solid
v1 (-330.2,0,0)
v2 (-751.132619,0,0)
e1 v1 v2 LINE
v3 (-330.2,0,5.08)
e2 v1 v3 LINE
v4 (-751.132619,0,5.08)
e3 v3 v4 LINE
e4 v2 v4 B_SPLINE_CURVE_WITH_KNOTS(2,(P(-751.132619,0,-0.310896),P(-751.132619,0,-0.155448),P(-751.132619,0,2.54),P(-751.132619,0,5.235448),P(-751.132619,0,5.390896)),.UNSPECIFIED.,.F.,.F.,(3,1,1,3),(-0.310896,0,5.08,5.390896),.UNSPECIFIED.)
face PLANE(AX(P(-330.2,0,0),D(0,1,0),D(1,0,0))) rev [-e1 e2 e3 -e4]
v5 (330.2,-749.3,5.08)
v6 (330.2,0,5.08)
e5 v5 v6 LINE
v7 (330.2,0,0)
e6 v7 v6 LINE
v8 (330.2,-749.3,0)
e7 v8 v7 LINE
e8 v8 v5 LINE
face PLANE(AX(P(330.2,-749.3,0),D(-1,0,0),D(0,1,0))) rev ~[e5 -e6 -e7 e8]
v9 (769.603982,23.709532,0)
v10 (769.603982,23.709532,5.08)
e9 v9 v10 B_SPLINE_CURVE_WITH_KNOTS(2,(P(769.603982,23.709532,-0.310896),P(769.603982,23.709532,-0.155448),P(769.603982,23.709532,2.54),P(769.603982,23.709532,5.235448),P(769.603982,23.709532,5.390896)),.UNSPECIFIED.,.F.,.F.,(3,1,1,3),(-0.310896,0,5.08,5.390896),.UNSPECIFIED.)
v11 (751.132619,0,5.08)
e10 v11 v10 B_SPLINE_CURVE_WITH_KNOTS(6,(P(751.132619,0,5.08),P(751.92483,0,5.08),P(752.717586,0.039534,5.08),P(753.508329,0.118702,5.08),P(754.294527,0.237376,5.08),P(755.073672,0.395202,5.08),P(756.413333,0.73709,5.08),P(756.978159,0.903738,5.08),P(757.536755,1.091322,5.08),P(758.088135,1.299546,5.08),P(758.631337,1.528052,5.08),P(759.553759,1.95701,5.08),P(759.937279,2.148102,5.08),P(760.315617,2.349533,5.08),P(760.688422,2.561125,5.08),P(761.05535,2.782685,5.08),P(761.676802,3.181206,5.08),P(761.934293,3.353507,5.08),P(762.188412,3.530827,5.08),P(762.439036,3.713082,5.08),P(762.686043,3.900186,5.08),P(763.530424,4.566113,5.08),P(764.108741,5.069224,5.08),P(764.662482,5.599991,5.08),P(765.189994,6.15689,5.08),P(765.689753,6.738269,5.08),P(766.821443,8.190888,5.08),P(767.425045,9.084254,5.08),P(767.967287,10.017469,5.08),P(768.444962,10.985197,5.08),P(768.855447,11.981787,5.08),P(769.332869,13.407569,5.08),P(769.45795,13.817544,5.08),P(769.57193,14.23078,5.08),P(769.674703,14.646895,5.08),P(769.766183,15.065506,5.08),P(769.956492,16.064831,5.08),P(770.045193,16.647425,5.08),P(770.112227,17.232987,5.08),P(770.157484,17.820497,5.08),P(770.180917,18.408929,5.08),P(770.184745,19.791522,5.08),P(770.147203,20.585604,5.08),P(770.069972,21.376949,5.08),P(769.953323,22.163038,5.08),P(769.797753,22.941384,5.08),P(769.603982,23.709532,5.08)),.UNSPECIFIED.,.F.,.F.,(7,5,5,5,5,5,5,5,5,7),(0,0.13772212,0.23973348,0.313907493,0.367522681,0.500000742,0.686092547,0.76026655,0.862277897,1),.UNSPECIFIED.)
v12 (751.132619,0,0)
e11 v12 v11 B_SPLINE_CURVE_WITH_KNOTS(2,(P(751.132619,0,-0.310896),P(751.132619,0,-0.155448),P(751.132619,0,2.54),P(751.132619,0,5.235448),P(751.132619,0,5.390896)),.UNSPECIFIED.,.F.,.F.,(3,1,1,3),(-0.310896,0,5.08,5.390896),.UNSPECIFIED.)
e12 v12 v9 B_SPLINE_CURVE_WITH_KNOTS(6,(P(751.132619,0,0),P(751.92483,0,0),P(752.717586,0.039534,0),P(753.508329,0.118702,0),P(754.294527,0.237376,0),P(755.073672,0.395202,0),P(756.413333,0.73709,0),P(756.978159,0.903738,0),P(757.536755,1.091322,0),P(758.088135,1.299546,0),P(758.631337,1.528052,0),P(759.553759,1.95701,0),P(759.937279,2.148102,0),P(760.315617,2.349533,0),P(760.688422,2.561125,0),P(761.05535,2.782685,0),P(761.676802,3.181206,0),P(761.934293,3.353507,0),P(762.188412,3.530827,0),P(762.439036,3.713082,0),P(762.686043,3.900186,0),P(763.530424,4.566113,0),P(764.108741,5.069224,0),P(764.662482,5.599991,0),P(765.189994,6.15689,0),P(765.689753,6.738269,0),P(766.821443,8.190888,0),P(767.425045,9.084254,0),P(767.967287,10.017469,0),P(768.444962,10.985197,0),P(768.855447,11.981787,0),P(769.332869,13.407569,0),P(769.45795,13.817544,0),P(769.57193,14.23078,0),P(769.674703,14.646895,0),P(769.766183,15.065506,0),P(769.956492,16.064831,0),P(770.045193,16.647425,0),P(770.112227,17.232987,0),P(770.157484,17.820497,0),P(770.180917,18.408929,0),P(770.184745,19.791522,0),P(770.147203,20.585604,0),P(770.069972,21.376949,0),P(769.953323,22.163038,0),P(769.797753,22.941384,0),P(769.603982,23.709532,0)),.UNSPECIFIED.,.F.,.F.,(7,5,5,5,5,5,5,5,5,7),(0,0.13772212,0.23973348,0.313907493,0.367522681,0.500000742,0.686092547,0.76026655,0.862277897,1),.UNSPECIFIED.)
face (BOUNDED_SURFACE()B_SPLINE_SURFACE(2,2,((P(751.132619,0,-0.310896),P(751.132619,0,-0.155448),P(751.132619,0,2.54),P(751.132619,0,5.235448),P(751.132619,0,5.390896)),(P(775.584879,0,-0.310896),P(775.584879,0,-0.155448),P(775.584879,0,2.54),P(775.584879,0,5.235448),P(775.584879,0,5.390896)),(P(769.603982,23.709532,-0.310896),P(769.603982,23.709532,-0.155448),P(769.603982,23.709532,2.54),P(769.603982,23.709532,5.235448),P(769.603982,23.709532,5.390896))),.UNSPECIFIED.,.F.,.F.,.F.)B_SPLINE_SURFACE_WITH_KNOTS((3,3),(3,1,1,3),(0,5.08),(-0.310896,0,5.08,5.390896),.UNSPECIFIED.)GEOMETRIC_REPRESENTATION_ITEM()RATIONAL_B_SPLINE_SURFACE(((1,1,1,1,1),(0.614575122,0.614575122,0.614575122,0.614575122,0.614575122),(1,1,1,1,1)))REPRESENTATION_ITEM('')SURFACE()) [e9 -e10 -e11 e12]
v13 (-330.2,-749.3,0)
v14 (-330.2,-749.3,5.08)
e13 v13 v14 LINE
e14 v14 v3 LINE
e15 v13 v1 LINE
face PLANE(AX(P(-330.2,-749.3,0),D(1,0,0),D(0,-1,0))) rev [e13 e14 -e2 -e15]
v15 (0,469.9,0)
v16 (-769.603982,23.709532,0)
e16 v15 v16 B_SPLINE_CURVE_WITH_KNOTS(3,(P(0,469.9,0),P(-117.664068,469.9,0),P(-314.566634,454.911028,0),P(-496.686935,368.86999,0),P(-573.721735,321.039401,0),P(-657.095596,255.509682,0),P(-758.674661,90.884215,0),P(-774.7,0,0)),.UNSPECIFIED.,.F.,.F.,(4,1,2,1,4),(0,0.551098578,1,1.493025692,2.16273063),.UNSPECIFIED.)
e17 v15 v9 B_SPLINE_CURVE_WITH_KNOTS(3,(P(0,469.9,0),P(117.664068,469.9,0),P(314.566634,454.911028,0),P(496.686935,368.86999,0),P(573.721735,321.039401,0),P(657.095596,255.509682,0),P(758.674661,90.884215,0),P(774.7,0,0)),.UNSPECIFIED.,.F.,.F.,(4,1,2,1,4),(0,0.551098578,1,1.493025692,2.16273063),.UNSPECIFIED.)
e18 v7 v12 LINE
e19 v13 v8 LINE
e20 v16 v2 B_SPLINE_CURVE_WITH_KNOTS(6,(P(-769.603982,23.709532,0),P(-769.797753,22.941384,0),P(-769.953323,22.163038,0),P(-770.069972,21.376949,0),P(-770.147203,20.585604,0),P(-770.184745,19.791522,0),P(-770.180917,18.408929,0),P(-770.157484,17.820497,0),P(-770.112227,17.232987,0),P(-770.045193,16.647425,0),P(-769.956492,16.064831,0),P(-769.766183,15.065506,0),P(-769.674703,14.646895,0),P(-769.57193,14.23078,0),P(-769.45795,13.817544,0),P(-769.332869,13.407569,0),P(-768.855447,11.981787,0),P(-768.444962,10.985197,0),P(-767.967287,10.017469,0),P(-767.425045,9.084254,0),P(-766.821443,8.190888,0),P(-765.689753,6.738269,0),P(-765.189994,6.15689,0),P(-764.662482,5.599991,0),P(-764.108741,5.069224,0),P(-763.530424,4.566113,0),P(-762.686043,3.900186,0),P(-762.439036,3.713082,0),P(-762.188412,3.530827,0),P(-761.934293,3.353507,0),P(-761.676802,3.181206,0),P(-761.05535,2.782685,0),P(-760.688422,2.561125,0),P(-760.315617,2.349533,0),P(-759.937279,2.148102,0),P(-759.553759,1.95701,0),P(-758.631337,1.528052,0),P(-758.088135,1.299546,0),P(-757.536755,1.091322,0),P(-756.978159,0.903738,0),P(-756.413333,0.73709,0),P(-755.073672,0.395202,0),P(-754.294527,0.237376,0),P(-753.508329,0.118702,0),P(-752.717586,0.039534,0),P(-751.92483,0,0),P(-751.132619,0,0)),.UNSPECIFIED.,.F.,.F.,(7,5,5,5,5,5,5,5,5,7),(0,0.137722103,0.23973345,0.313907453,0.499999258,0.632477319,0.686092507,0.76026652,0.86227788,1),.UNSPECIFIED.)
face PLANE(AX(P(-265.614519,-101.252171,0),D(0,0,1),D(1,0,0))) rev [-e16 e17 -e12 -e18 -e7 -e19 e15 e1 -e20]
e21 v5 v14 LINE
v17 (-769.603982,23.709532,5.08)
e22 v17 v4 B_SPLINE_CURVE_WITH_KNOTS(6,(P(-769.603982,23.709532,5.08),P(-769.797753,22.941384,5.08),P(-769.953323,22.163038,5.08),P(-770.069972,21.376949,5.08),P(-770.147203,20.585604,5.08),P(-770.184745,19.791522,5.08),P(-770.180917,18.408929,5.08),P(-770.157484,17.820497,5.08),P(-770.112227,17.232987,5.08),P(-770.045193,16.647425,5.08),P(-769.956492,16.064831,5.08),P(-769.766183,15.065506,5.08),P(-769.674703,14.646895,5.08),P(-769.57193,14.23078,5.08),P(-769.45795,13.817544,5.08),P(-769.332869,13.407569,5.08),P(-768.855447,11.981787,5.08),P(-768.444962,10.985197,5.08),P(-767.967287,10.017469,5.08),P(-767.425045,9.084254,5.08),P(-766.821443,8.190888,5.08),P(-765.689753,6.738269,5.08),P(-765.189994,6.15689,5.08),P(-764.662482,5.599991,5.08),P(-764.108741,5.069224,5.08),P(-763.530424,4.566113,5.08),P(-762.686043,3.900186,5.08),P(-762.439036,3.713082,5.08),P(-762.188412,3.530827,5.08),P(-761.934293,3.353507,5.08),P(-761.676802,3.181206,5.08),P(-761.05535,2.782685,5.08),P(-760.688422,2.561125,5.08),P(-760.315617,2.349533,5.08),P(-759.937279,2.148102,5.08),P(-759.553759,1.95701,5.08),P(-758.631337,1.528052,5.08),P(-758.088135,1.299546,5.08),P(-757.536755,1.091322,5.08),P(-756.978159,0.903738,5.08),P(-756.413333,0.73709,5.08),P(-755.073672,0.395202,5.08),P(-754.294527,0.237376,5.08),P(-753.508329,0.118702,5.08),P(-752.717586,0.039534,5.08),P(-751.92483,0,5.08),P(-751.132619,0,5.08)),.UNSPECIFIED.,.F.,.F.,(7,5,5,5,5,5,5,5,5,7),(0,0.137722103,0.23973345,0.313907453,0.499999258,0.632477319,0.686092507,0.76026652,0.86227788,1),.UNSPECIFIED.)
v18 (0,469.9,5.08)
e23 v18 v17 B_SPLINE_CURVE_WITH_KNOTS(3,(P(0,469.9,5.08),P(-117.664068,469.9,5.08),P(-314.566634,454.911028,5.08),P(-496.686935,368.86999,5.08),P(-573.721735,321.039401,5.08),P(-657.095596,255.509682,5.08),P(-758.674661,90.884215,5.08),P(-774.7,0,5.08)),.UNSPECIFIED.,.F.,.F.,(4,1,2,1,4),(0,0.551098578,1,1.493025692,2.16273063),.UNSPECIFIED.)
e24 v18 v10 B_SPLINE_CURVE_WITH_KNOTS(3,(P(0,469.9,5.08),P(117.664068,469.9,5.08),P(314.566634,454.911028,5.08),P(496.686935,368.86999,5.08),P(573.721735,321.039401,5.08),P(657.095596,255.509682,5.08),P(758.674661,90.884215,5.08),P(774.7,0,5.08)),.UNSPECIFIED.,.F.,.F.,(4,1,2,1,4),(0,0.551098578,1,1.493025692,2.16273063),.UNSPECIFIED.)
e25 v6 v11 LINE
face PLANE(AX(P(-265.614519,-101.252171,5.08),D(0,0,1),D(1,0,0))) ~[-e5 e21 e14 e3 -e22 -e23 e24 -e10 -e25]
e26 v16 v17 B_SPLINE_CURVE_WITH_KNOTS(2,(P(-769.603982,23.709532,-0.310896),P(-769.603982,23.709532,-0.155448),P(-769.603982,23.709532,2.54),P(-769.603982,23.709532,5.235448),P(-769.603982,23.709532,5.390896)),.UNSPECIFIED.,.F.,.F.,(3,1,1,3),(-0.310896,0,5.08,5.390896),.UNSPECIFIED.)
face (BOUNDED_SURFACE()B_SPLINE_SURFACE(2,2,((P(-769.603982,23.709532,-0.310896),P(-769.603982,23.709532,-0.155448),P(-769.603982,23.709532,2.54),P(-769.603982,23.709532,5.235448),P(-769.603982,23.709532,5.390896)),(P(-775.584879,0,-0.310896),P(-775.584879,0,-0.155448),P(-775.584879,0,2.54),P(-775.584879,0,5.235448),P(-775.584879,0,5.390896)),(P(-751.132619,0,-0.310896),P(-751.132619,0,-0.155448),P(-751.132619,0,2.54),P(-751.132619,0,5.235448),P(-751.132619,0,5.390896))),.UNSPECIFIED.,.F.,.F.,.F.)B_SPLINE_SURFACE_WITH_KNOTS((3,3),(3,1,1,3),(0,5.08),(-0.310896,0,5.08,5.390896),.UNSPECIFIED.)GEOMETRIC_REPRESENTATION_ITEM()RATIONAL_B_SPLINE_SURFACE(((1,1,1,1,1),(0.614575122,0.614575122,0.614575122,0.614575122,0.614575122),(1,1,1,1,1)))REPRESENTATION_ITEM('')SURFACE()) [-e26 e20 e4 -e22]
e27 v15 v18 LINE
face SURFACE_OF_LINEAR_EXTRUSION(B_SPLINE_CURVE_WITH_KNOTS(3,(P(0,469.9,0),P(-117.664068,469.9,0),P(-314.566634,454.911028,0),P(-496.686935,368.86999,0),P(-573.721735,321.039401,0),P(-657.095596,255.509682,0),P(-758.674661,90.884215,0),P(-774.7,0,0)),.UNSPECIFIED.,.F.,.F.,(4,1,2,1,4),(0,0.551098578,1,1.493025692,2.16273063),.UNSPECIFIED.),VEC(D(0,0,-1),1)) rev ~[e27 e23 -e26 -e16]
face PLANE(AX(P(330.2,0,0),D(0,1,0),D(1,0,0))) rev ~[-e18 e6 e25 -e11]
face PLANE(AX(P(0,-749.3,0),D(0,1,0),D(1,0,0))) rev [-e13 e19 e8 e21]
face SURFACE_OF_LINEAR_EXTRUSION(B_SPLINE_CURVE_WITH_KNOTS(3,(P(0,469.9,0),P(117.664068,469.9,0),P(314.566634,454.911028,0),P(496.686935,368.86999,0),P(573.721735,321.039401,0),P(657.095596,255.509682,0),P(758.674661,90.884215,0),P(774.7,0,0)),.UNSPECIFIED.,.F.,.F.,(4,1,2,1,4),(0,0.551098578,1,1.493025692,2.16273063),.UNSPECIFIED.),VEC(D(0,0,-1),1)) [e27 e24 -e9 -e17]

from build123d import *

# Parameters (mm, degrees)
F1_DEPTH = 5.08
F3_R     = 19.05


with BuildPart() as f1:
    # F0 (on Top) → F1 (new body)
    with BuildSketch(Plane.XY):
        with BuildLine():
            Line((330.2, -749.3), (330.2, 0))
            Line((330.2, 0), (774.7, 0))
            add(Edge.make_bspline(
                [(533.4, 346.075), (573.7217347806, 321.0394014687), (657.0955955977, 255.5096820003), (758.6746607985, 90.8842148666), (774.7, 0)],
                knots=[0, 0, 0, 0, 0.4240239998, 1, 1, 1, 1], degree=3))
            add(Edge.make_bspline(
                [(0, 469.9), (117.6640682839, 469.9), (314.566634033, 454.9110276808), (496.6869354248, 368.8699901104), (533.4, 346.075)],
                knots=[0, 0, 0, 0, 0.5510985779, 1, 1, 1, 1], degree=3))
            Line((0, 469.9), (0, 0))
            Line((0, 0), (0, -749.3))
            Line((0, -749.3), (330.2, -749.3))
        make_face()
    extrude(amount=F1_DEPTH)

    # F2: F1 across face


with BuildPart() as f1_1:
    add(f1.part)
    add(f1.part.mirror(Plane(origin=(0, -139.7, 2.54), x_dir=(0, -1, 0), z_dir=(-1, 0, 0))))

    # F3
    f3_edges = [f1_1.edges().sort_by_distance(p)[0] for p in [
        (774.7, 0, 2.54),
        (-774.7, 0, 2.54),
    ]]
    fillet(f3_edges, radius=F3_R)


solid = f1_1.part
